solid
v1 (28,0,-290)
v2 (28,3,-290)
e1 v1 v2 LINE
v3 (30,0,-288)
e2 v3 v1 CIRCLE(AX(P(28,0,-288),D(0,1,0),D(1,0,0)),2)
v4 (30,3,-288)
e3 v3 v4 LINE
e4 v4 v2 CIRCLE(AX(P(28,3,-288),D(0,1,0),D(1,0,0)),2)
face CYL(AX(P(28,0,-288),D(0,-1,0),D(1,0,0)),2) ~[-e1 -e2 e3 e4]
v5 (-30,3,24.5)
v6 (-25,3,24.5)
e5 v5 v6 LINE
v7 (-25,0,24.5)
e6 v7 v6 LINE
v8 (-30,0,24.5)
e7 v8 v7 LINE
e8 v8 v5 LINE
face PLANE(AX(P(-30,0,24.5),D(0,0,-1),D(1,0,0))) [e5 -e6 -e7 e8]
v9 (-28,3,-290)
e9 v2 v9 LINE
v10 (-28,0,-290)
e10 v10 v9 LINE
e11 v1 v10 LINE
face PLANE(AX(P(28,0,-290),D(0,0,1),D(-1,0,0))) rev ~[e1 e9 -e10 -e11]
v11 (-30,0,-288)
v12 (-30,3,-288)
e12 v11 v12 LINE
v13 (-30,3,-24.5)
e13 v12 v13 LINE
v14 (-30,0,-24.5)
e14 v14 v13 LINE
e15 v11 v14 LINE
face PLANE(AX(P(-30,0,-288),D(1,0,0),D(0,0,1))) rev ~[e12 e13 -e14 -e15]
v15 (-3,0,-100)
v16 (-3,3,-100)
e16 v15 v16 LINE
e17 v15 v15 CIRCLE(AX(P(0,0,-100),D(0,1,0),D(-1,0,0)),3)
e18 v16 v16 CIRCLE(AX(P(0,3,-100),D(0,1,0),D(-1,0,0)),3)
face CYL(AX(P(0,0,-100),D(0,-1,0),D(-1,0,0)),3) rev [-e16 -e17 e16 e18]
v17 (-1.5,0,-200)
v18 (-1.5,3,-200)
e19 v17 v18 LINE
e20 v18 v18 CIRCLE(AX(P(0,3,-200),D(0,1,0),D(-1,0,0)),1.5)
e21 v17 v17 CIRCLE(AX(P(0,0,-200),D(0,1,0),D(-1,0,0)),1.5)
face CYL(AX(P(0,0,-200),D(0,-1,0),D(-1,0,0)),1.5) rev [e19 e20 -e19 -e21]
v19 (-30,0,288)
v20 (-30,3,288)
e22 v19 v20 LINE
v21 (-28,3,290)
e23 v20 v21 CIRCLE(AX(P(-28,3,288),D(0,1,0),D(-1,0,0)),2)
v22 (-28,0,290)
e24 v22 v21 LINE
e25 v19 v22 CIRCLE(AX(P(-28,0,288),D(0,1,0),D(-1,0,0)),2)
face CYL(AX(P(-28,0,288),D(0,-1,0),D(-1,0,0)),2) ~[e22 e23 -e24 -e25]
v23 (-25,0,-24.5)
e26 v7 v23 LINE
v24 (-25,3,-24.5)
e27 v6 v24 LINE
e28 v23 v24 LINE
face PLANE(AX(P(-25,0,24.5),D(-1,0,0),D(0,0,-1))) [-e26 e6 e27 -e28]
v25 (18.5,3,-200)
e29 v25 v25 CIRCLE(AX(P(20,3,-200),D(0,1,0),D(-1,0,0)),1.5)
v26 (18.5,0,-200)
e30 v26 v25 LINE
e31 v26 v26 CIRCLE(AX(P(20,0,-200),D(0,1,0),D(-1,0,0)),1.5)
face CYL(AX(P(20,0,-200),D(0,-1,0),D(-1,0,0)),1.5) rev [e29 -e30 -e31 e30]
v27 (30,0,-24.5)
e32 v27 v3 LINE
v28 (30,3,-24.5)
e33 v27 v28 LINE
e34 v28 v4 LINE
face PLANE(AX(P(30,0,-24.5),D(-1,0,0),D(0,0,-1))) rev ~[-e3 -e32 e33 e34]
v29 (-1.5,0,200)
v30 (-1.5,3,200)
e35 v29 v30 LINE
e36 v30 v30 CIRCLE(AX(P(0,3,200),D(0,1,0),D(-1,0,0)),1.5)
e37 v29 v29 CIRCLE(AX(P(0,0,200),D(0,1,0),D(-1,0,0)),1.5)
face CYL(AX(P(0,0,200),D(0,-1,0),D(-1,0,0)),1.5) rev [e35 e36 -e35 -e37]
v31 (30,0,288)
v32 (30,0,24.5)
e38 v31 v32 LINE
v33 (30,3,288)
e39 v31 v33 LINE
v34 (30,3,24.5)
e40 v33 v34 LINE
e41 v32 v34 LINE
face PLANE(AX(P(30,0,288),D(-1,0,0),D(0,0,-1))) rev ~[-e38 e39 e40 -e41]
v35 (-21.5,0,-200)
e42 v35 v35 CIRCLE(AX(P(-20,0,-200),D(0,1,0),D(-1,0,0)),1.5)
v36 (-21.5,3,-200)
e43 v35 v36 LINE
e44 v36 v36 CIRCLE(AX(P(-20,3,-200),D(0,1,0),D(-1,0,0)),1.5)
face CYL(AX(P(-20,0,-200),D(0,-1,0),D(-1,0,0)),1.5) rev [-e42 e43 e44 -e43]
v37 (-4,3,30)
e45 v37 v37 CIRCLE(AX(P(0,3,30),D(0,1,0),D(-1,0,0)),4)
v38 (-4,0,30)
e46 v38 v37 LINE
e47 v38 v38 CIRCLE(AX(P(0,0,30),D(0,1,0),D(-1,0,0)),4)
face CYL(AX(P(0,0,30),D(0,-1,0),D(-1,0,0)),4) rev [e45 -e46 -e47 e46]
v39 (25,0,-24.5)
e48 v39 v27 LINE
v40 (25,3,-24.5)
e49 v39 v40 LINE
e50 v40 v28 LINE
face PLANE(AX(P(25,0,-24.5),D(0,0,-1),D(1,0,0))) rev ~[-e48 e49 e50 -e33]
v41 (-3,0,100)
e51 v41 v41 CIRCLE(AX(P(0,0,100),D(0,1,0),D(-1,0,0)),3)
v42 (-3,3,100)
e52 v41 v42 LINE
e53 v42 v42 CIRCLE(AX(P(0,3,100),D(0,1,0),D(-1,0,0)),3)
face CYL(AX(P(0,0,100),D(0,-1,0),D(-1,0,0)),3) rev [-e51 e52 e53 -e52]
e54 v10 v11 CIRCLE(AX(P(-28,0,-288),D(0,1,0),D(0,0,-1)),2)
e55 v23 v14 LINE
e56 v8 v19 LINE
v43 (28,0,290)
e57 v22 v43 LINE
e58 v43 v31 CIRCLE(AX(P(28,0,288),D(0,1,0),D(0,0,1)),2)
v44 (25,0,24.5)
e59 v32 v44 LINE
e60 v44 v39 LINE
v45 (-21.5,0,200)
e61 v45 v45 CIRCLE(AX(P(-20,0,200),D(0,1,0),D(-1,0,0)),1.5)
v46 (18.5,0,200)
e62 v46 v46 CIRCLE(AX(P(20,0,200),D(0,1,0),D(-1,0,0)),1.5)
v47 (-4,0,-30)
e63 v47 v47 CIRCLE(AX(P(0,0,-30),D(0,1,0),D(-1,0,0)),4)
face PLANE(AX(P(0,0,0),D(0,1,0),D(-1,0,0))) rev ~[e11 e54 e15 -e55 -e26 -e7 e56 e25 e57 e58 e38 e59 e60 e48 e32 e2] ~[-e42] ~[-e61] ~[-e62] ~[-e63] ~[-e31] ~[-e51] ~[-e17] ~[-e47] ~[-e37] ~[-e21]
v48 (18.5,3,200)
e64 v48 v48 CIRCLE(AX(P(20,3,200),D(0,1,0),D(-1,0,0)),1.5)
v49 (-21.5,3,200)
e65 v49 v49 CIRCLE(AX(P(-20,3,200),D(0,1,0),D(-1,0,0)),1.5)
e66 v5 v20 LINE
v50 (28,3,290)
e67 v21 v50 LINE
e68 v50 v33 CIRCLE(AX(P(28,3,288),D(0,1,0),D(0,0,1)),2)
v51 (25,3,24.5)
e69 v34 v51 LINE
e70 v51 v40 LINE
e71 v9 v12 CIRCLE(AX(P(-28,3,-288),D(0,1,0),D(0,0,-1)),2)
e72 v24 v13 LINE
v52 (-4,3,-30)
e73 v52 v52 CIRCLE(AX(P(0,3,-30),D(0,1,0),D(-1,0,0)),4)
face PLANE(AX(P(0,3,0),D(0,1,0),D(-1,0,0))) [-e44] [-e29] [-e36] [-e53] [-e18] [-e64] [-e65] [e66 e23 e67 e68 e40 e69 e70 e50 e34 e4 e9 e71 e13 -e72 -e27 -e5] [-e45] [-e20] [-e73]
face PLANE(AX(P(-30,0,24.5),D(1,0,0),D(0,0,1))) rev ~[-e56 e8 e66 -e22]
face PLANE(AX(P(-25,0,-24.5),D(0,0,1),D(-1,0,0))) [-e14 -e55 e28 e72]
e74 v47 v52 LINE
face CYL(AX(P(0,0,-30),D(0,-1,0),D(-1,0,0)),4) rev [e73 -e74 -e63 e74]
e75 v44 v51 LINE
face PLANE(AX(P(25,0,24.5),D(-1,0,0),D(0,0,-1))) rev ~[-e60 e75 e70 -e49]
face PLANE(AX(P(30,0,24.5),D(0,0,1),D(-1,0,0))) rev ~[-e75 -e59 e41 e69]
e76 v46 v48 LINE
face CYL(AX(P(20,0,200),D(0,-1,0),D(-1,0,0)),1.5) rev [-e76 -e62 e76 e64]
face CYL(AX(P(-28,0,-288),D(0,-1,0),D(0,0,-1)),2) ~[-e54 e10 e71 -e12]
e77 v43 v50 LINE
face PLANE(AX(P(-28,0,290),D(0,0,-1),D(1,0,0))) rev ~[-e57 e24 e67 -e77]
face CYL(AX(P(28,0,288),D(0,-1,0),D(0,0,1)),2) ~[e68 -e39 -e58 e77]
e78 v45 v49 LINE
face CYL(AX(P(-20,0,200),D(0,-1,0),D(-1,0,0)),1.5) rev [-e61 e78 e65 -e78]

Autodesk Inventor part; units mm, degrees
ref_plane "YZ Plane" through (0, 0, 0) normal (1, 0, 0) x (0, 1, 0)
ref_plane "XZ Plane" through (0, 0, 0) normal (0, 1, 0) x (-1, 0, 0)
ref_plane "XY Plane" through (0, 0, 0) normal (0, 0, 1) x (1, 0, 0)
sketch "Sketch1" plane through (0, 0, 0) normal (0, 1, 0) x (-1, 0, 0)
  line L0 (-28, -290) -> (28, -290)
  line L1 (28, 290) -> (-28, 290)
  line L2 (25, -24.5) -> (30, -24.5)
  line L3 (30, 24.5) -> (25, 24.5)
  line L4 (25, 24.5) -> (25, -24.5)
  line L5 (30, -288) -> (30, -24.5)
  line L6 (30, 24.5) -> (30, 288)
  line L7 (-25, -24.5) -> (-30, -24.5)
  line L8 (-30, 24.5) -> (-25, 24.5)
  line L9 (-25, 24.5) -> (-25, -24.5)
  line L10 (-30, 288) -> (-30, 24.5)
  line L11 (-30, -24.5) -> (-30, -288)
  line L12 (0, 0) -> (0, 200) construction
  circle A0 centre (0, 200) radius 1.5
  line L13 (-30, 200) -> (-20, 200) construction
  circle A1 centre (-20, 200) radius 1.5
  circle A2 centre (20, 200) radius 1.5
  circle A3 centre (0, -200) radius 1.5
  circle A4 centre (-20, -200) radius 1.5
  circle A5 centre (20, -200) radius 1.5
  arc A6 (30, 288) -> (28, 290) centre (28, 288) ccw
  arc A7 (-28, 290) -> (-30, 288) centre (-28, 288) ccw
  arc A8 (28, -290) -> (30, -288) centre (28, -288) ccw
  arc A9 (-30, -288) -> (-28, -290) centre (-28, -288) ccw
  line L14 (25, 0) -> (-25, 0) construction
  circle A10 centre (0, 30) radius 4
  circle A11 centre (0, 100) radius 3
  line L15 (0, 0) -> (0, -200) construction
  circle A12 centre (0, -30) radius 4
  circle A13 centre (0, -100) radius 3
  point P0 (30, 290)
  point P1 (30, -290)
  point P2 (-30, 290)
  dimension "d0" = 60
  dimension "d1" = 580
  dimension "d16" = 200
  dimension "d17" = 3
  dimension "d18" = 10
  dimension "d19" = 2
  dimension "d20" = 2
  dimension "d21" = 2
  dimension "d27" = 8
  dimension "d28" = 6
  dimension "d29" = 60
extrude "Extrusion1" add sketch "Sketch1" along normal blind 3
properties part number "bienal - final pieza superior"
